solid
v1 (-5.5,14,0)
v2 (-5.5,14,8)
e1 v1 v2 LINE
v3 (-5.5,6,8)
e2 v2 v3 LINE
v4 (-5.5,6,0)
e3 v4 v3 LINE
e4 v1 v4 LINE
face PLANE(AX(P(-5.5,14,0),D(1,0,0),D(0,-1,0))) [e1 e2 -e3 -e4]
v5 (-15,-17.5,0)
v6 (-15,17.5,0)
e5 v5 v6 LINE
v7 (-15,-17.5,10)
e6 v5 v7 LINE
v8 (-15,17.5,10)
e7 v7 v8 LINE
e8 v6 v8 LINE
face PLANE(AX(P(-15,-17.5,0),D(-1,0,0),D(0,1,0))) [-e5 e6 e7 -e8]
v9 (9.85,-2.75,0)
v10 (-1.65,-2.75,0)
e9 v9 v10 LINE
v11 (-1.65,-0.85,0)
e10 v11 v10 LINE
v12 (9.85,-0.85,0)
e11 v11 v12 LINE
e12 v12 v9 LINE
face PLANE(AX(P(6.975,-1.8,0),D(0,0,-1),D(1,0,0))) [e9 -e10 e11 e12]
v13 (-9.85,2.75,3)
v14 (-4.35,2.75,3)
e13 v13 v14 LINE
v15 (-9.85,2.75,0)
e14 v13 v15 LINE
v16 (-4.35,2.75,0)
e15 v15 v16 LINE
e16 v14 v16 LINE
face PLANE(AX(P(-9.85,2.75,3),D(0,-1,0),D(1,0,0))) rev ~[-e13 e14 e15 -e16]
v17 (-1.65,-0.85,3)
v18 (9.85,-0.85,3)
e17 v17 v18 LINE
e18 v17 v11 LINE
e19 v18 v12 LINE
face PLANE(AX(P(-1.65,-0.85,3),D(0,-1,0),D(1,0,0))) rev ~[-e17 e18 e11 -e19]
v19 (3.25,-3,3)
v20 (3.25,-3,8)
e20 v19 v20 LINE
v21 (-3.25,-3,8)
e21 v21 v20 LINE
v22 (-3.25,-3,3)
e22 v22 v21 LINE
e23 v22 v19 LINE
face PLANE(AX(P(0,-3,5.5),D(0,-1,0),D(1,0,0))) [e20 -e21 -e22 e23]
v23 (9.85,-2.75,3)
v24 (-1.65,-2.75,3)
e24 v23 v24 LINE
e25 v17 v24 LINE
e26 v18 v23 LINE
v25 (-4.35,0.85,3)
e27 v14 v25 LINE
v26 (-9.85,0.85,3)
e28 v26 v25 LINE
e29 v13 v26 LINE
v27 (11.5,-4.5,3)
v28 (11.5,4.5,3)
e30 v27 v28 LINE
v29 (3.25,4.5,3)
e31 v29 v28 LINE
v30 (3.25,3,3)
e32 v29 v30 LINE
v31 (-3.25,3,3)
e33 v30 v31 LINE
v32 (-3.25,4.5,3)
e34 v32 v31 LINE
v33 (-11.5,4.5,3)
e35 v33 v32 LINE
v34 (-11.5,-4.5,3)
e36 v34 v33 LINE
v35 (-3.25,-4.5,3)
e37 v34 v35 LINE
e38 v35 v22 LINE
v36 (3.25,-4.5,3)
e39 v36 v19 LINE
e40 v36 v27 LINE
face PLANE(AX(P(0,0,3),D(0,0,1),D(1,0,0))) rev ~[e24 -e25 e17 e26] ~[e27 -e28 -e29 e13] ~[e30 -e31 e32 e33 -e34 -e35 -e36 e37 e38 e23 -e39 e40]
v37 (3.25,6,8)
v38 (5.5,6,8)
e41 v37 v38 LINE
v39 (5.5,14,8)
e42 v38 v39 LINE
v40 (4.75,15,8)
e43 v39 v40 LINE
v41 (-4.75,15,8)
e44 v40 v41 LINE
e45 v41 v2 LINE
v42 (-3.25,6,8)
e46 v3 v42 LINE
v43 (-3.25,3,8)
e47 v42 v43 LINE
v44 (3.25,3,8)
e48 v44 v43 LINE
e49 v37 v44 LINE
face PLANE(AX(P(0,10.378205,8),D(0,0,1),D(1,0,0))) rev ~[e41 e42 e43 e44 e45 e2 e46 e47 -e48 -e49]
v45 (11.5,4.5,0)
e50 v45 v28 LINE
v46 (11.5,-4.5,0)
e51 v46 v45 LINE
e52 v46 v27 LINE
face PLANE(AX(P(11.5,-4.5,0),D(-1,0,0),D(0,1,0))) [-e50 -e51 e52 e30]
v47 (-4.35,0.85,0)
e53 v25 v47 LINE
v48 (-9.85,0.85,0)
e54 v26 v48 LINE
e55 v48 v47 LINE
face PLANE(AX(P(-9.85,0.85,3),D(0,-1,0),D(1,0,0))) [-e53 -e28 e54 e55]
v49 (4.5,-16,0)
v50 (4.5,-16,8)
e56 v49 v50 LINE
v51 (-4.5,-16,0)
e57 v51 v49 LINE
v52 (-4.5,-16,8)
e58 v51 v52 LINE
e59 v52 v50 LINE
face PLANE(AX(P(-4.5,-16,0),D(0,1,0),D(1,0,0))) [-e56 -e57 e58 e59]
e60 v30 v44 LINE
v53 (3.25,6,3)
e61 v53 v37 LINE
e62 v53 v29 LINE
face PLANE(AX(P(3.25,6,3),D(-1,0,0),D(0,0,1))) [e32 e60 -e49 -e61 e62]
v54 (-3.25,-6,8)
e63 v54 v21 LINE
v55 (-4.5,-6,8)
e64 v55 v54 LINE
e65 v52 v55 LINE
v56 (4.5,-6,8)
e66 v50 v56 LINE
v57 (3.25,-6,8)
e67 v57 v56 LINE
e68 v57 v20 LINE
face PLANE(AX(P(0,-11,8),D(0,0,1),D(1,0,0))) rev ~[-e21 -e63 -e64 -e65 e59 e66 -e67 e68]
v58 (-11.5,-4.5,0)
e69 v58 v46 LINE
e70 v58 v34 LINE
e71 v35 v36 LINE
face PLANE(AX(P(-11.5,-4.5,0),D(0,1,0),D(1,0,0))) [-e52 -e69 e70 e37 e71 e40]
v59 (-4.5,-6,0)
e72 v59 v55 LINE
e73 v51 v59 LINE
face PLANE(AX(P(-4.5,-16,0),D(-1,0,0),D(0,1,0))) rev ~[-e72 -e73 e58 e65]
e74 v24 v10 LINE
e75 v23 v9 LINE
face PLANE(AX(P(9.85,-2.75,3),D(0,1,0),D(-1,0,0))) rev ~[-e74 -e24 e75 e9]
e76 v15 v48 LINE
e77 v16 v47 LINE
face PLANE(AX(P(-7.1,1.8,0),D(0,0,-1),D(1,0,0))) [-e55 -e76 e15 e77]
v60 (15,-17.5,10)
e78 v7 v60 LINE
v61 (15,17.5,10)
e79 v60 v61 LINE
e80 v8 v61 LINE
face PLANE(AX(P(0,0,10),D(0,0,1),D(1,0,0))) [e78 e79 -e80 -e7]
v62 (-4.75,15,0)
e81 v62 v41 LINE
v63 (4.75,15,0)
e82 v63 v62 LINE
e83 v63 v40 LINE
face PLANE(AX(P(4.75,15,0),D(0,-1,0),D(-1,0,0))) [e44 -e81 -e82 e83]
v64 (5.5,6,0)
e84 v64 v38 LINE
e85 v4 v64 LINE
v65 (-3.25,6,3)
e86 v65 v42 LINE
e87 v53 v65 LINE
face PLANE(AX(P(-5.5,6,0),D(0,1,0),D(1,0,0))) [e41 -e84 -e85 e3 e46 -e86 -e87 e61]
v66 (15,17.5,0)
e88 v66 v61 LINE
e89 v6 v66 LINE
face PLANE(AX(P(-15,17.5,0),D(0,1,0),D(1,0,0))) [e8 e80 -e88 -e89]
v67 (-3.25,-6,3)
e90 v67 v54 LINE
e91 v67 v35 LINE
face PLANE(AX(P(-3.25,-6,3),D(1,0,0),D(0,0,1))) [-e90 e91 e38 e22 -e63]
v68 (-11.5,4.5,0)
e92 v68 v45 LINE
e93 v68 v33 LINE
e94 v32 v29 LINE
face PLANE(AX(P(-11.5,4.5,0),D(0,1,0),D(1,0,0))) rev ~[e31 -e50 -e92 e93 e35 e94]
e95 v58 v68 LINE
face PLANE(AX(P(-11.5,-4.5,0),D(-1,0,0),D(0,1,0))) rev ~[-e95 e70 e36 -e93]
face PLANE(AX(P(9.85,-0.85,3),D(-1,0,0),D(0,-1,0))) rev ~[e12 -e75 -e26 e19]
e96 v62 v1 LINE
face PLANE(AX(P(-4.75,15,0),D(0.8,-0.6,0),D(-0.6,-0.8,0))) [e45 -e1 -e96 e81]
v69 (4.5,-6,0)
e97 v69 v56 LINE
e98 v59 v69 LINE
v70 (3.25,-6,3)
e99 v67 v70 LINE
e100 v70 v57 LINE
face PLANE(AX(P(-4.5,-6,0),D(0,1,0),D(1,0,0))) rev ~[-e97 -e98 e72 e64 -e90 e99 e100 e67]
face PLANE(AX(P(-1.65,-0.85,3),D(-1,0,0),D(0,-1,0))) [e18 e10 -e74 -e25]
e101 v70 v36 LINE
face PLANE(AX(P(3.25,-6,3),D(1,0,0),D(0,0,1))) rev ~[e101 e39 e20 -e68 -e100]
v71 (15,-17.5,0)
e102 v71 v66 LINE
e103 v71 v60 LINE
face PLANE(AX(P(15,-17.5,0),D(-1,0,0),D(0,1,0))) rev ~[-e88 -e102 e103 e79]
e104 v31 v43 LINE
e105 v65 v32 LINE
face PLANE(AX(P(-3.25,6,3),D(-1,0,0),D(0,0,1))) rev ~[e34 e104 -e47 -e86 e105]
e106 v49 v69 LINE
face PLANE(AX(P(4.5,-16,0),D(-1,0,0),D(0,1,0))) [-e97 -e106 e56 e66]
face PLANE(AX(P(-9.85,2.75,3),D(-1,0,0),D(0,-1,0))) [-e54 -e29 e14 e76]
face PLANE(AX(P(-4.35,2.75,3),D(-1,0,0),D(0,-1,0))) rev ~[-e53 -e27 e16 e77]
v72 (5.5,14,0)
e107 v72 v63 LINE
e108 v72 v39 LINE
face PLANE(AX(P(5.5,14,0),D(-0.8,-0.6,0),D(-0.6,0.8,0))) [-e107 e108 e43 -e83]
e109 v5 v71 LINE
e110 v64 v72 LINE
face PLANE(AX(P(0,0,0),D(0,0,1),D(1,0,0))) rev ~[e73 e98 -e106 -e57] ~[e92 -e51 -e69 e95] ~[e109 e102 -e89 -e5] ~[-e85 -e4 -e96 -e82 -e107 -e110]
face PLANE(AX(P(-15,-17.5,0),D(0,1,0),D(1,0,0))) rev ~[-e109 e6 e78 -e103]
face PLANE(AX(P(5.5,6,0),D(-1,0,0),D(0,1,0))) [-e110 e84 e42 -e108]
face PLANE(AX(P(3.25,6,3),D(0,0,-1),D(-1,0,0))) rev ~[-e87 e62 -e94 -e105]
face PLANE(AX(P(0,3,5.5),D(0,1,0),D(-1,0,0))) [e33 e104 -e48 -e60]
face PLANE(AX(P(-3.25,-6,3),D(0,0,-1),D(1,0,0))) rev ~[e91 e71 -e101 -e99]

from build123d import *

# Parameters (mm, degrees)
F1_W      = 30
F1_H      = 35
F2_DEPTH  = 10
F3_W      = 23
F3_H      = 9
F4_DEPTH  = 3
F6_DEPTH  = 8
F7_W      = 9
F7_H      = 10
F8_DEPTH  = 8
F9_W      = 5.75
F9_H      = 1.9
F9_W_2    = 5.5
F10_DEPTH = 3
F11_W     = 6.5
F11_H     = 5
F12_DEPTH = 3
F13_W     = 6.5
F13_H     = 5
F14_DEPTH = 3


with BuildPart() as f2:
    # F1 (on face) → F2 (new body)
    with BuildSketch(Plane.XY):
        Rectangle(F1_W, F1_H)
    extrude(amount=F2_DEPTH)

    # F3 (on face) → F4 (cut)
    with BuildSketch(Plane.XY):
        Rectangle(F3_W, F3_H)
    extrude(amount=F4_DEPTH, mode=Mode.SUBTRACT)

    # F5 (on face) → F6 (cut)
    with BuildSketch(Plane.XY):
        Polygon((-5.5, 14), (-5.5, 6), (5.5, 6), (5.5, 14), (4.75, 15), (-4.75, 15), align=None)
    extrude(amount=F6_DEPTH, mode=Mode.SUBTRACT)

    # F7 (on face) → F8 (cut)
    with BuildSketch(Plane.XY):
        with Locations((0, -11)):
            Rectangle(F7_W, F7_H)
    extrude(amount=F8_DEPTH, mode=Mode.SUBTRACT)

    # F9 (on face) → F10 (join, through all)
    with BuildSketch(Plane(origin=(0, 0, 3), x_dir=(1, 0, 0), z_dir=(0, 0, -1))):
        with Locations((6.975, 1.8)):
            Rectangle(F9_W, F9_H)
        with Locations((-7.1, -1.8)):
            Rectangle(F9_W_2, F9_H)
        with Locations((1.225, 1.8)):
            Rectangle(F9_W, F9_H)
    extrude(amount=F10_DEPTH)

    # F11 (on face) → F12 (cut)
    with BuildSketch(Plane(origin=(0, 6, 0), x_dir=(-1, 0, 0), z_dir=(0, 1, 0))):
        with Locations((0, 5.5)):
            Rectangle(F11_W, F11_H)
    extrude(amount=-F12_DEPTH, mode=Mode.SUBTRACT)

    # F13 (on face) → F14 (cut)
    with BuildSketch(Plane.XZ.offset(6)):
        with Locations((0, 5.5)):
            Rectangle(F13_W, F13_H)
    extrude(amount=-F14_DEPTH, mode=Mode.SUBTRACT)


solid = f2.part
